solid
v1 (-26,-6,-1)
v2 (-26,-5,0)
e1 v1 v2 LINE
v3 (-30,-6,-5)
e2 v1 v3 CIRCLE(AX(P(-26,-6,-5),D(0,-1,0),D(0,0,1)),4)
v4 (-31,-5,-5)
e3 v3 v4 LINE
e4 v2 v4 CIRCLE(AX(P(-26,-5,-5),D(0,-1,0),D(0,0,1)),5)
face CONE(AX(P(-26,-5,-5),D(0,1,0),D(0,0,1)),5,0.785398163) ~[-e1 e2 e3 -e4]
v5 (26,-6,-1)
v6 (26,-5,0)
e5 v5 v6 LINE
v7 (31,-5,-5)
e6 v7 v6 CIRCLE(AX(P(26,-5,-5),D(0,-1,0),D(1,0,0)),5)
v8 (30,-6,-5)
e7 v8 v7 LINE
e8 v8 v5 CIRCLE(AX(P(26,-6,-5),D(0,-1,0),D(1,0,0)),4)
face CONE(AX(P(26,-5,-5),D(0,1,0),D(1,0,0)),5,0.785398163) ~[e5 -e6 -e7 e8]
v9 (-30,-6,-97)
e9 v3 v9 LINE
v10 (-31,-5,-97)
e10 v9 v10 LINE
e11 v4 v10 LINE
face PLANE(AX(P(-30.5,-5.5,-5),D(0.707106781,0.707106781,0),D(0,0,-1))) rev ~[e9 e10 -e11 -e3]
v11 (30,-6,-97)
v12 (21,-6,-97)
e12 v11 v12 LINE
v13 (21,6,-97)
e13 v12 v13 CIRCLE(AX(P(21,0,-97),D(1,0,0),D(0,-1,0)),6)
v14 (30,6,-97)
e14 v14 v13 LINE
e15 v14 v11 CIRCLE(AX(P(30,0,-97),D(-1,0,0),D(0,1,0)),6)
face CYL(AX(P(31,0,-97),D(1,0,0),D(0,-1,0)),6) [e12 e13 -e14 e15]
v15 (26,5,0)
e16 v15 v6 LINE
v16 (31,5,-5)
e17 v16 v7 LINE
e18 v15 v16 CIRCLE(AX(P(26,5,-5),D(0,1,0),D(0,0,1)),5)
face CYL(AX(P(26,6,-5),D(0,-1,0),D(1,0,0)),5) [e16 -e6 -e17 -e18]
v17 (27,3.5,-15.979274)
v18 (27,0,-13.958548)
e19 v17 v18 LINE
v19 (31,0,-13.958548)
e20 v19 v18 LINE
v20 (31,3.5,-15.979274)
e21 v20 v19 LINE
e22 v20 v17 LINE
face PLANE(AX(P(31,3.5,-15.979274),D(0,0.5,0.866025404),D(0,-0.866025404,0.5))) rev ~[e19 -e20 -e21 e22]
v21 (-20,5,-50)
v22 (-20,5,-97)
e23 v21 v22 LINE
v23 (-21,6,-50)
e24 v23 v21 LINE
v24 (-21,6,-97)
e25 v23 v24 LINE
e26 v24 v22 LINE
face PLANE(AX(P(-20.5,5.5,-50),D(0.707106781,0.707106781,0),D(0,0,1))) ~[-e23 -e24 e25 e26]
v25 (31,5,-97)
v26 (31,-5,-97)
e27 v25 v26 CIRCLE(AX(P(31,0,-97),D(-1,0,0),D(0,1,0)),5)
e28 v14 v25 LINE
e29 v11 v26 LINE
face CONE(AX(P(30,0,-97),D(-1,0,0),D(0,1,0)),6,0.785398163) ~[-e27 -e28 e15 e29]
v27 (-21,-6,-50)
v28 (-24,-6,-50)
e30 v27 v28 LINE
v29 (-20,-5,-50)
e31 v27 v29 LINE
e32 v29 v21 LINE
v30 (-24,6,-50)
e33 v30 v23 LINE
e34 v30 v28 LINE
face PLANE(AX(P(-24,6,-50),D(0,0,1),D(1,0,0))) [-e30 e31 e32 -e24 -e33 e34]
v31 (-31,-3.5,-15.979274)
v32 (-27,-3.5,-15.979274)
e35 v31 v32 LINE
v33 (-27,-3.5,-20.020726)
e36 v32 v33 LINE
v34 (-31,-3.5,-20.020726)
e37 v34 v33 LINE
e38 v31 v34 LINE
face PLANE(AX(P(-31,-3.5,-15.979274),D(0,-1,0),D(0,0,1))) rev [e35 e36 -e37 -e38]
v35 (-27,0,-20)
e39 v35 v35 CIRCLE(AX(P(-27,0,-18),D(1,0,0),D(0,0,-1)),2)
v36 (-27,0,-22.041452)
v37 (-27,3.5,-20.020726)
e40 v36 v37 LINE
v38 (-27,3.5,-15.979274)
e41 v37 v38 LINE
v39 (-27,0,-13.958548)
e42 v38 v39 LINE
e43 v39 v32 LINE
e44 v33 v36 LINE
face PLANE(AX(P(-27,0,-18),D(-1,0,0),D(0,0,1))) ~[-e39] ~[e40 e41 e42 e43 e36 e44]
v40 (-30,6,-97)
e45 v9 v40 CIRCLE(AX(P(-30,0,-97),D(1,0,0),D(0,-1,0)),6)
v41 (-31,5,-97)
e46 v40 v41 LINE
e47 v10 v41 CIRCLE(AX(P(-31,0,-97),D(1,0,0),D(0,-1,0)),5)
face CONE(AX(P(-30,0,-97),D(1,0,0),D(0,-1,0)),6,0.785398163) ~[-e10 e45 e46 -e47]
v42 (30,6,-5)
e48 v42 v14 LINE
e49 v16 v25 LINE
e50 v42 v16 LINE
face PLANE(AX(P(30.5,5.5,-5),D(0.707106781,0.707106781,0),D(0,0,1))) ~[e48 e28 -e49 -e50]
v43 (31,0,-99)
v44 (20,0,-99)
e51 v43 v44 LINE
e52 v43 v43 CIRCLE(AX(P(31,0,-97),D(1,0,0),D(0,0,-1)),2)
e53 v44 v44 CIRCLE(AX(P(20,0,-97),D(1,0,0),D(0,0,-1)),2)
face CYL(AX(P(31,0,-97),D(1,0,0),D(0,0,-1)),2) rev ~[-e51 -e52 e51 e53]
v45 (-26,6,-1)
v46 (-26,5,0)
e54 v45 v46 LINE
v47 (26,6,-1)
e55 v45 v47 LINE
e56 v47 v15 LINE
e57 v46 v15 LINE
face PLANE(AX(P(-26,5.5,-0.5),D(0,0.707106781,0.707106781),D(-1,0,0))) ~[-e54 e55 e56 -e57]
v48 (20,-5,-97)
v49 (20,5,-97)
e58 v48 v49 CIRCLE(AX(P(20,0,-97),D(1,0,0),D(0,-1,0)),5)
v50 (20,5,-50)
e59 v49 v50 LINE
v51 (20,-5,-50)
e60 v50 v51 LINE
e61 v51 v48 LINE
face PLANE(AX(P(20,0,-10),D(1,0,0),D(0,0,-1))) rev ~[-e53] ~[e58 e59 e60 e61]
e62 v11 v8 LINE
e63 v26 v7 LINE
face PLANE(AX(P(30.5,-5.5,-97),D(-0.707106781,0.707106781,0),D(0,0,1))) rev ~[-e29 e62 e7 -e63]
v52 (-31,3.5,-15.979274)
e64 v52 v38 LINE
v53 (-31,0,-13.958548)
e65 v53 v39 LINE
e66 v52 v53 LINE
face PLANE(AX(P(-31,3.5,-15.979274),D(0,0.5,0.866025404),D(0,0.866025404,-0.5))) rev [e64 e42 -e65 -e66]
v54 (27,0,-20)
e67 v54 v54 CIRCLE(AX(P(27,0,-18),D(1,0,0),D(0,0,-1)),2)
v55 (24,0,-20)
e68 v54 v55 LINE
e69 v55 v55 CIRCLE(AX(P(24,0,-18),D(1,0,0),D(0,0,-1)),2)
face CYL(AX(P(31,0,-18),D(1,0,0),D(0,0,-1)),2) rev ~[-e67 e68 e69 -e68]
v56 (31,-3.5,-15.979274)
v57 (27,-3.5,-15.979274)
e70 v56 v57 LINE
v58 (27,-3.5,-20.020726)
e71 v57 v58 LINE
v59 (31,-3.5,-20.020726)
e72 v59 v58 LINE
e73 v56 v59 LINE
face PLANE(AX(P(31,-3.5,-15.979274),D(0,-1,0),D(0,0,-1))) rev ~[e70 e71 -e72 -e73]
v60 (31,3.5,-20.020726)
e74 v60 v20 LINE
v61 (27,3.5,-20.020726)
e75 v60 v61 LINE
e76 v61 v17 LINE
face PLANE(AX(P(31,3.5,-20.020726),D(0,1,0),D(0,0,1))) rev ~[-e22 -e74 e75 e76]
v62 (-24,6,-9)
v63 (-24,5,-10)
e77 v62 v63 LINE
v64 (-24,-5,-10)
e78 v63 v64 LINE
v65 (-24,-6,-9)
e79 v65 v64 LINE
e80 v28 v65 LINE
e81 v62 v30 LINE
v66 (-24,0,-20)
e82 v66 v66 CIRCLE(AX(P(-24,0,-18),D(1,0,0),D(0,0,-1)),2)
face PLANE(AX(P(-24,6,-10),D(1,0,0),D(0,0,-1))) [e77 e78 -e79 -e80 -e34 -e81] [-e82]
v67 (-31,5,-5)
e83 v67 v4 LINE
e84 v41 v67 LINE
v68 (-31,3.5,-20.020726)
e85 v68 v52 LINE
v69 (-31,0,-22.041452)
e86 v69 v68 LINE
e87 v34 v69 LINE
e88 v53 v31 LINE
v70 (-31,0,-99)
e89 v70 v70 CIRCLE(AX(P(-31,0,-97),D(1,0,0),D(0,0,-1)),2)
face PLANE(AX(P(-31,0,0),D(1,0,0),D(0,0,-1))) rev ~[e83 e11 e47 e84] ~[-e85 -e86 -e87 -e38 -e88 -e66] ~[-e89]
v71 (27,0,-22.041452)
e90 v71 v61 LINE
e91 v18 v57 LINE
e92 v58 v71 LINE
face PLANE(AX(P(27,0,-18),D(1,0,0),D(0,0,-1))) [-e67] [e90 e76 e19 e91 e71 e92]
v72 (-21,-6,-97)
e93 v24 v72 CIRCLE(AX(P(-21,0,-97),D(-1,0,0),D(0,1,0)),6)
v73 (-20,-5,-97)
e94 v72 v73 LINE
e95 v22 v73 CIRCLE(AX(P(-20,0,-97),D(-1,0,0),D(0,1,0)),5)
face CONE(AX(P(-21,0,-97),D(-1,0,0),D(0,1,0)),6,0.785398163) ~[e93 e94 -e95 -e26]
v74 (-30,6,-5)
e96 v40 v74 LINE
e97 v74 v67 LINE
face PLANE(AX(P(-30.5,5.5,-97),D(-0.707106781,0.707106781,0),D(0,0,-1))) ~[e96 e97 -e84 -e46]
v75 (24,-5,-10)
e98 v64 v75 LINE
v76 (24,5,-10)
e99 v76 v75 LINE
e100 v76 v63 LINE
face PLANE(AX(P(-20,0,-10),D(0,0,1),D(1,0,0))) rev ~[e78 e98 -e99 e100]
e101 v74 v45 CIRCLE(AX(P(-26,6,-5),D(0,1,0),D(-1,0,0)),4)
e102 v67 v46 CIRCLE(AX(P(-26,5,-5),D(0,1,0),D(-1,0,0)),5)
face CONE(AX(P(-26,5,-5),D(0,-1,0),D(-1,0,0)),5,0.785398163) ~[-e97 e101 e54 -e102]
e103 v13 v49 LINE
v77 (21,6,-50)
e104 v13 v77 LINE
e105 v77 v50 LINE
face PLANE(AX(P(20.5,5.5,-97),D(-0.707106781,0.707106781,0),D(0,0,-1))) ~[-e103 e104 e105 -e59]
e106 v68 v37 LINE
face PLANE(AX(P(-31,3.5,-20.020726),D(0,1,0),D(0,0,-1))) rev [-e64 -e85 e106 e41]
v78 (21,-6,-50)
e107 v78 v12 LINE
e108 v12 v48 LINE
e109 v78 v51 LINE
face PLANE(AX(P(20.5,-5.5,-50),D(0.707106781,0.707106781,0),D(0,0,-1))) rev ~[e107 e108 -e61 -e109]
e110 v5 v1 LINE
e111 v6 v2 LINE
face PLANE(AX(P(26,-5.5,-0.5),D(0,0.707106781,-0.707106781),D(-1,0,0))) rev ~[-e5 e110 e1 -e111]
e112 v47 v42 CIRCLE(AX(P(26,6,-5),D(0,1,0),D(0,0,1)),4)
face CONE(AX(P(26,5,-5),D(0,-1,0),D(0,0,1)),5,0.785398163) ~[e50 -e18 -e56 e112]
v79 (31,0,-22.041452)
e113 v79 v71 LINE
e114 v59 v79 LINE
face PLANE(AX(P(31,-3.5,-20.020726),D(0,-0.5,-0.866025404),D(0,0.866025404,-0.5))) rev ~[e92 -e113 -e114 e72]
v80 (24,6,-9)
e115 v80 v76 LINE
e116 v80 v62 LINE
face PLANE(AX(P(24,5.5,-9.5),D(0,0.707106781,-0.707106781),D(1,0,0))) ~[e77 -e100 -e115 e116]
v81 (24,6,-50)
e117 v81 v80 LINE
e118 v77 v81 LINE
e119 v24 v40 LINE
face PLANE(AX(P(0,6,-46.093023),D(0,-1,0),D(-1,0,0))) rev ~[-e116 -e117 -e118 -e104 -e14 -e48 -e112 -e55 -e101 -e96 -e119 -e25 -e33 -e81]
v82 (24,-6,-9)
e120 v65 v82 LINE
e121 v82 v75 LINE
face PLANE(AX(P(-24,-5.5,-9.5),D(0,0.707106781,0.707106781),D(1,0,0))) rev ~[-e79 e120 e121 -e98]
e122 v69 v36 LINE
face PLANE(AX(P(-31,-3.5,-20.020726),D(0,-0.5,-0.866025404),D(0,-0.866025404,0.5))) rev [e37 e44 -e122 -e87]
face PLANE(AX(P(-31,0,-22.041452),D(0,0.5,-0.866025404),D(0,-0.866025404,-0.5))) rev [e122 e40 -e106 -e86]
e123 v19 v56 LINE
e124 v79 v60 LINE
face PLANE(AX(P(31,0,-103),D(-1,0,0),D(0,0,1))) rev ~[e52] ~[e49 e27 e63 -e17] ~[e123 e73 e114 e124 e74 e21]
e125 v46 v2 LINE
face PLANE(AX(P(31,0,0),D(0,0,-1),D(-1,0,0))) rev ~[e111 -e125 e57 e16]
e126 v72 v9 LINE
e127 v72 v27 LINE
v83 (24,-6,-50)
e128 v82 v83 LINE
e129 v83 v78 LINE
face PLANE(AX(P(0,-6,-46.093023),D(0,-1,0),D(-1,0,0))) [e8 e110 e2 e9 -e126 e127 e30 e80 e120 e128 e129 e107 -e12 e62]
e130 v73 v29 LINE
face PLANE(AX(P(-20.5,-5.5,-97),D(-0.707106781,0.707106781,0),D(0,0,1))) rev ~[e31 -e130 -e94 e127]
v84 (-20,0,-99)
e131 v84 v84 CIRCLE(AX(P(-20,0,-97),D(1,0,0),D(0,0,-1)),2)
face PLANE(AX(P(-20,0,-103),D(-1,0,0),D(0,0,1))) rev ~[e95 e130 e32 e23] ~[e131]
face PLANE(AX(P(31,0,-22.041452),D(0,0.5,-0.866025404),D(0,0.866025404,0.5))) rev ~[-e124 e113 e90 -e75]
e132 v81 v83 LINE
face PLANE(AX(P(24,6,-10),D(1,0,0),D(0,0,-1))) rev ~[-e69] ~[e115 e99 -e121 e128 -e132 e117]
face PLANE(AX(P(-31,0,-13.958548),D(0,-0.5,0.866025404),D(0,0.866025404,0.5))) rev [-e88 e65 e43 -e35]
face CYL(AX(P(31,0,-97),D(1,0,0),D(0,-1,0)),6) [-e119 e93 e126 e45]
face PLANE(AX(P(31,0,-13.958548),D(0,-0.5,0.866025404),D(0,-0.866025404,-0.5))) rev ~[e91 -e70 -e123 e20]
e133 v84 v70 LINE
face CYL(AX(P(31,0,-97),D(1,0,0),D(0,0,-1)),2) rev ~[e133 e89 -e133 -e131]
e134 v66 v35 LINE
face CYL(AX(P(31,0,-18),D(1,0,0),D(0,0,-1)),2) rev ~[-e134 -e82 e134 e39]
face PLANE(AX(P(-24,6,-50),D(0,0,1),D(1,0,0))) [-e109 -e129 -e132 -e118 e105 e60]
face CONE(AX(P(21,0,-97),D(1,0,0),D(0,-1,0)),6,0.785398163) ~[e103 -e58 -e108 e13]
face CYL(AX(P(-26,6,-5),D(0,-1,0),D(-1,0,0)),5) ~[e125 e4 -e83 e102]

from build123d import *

# Parameters (mm, degrees)
BOSS_EXTRUDE1_DEPTH = 6
SKETCH2_R           = 2
CUT_EXTRUDE1_DEPTH  = 121.370262108
SKETCH3_R           = 2
CUT_EXTRUDE2_DEPTH  = 121.370262108
CUT_EXTRUDE3_DEPTH  = 4
SKETCH6_W           = 48
SKETCH6_H           = 40
CUT_EXTRUDE4_DEPTH  = 109.231233939
FILLET1_R           = 5
CHAMFER1_SIZE       = 1


with BuildPart() as part:
    # Sketch1 → Boss-Extrude1 (new, symmetric)
    with BuildSketch(Plane(origin=(0, 0, 0), x_dir=(1, 0, 0), z_dir=(0, 1, 0))):
        Polygon((20, 103), (31, 103), (31, 0), (-31, 0), (-31, 103), (-20, 103), (-20, 10), (20, 10), align=None)
    extrude(amount=BOSS_EXTRUDE1_DEPTH, both=True)

    # Sketch2 → Cut-Extrude1 (cut, through all)
    with BuildSketch(Plane(origin=(31, 0, 0), x_dir=(0, 0, -1), z_dir=(1, 0, 0))):
        with Locations((97, 0)):
            Circle(SKETCH2_R)
        with BuildLine():
            Line((97, 6), (104, 6))
            Line((104, 6), (104, -6))
            Line((104, -6), (97, -6))
            ThreePointArc((97, -6), (103, 0), (97, 6))
        make_face()
    extrude(amount=-CUT_EXTRUDE1_DEPTH, mode=Mode.SUBTRACT)

    # Sketch3 → Cut-Extrude2 (cut, through all)
    with BuildSketch(Plane(origin=(31, 0, 0), x_dir=(0, 0, -1), z_dir=(1, 0, 0))):
        with Locations((18, 0)):
            Circle(SKETCH3_R)
    extrude(amount=-CUT_EXTRUDE2_DEPTH, mode=Mode.SUBTRACT)

    # Sketch4 → Cut-Extrude3 (cut)
    with BuildSketch(Plane(origin=(31, 0, 0), x_dir=(0, 0, -1), z_dir=(1, 0, 0))):
        Polygon((22.041451884, 0), (20.020725942, 3.5), (15.979274058, 3.5), (13.958548116, 0), (15.979274058, -3.5), (20.020725942, -3.5), align=None)
    cut_extrude3 = extrude(amount=-CUT_EXTRUDE3_DEPTH, mode=Mode.SUBTRACT)

    # Mirror1: Cut-Extrude3 across plane
    add(cut_extrude3.mirror(Plane(origin=(0, 0, 0), x_dir=(0, 0, 1), z_dir=(1, 0, 0))), mode=Mode.SUBTRACT)

    # Sketch6 → Cut-Extrude4 (cut, through all)
    with BuildSketch(Plane(origin=(0, 6, 0), x_dir=(1, 0, 0), z_dir=(0, 1, 0))):
        with Locations((0, 30)):
            Rectangle(SKETCH6_W, SKETCH6_H)
    extrude(amount=-CUT_EXTRUDE4_DEPTH, mode=Mode.SUBTRACT)

    # Fillet1
    fillet1_edges = [part.edges().sort_by_distance(p)[0] for p in [
        (31, 0, 0),
        (-31, 0, 0),
    ]]
    fillet(fillet1_edges, radius=FILLET1_R)

    # Chamfer1
    chamfer1_edges = [part.edges().sort_by_distance(p)[0] for p in [
        (-20, -6, -73.5),
        (-20, 6, -73.5),
        (0, -6, 0),
        (0, 6, 0),
        (31, -6, -51),
        (29.535533906, -6, -1.464466094),
        (-29.535533906, -6, -1.464466094),
        (31, 6, -51),
        (29.535533906, 6, -1.464466094),
        (-29.535533906, 6, -1.464466094),
        (0, 6, -10),
        (-31, -6, -51),
        (20, -6, -73.5),
        (-31, 6, -51),
        (20, 6, -73.5),
        (20, 0, -103),
        (-20, 0, -103),
        (-31, 0, -103),
        (31, 0, -103),
        (0, -6, -10),
    ]]
    chamfer(chamfer1_edges, length=CHAMFER1_SIZE)


solid = part.part
